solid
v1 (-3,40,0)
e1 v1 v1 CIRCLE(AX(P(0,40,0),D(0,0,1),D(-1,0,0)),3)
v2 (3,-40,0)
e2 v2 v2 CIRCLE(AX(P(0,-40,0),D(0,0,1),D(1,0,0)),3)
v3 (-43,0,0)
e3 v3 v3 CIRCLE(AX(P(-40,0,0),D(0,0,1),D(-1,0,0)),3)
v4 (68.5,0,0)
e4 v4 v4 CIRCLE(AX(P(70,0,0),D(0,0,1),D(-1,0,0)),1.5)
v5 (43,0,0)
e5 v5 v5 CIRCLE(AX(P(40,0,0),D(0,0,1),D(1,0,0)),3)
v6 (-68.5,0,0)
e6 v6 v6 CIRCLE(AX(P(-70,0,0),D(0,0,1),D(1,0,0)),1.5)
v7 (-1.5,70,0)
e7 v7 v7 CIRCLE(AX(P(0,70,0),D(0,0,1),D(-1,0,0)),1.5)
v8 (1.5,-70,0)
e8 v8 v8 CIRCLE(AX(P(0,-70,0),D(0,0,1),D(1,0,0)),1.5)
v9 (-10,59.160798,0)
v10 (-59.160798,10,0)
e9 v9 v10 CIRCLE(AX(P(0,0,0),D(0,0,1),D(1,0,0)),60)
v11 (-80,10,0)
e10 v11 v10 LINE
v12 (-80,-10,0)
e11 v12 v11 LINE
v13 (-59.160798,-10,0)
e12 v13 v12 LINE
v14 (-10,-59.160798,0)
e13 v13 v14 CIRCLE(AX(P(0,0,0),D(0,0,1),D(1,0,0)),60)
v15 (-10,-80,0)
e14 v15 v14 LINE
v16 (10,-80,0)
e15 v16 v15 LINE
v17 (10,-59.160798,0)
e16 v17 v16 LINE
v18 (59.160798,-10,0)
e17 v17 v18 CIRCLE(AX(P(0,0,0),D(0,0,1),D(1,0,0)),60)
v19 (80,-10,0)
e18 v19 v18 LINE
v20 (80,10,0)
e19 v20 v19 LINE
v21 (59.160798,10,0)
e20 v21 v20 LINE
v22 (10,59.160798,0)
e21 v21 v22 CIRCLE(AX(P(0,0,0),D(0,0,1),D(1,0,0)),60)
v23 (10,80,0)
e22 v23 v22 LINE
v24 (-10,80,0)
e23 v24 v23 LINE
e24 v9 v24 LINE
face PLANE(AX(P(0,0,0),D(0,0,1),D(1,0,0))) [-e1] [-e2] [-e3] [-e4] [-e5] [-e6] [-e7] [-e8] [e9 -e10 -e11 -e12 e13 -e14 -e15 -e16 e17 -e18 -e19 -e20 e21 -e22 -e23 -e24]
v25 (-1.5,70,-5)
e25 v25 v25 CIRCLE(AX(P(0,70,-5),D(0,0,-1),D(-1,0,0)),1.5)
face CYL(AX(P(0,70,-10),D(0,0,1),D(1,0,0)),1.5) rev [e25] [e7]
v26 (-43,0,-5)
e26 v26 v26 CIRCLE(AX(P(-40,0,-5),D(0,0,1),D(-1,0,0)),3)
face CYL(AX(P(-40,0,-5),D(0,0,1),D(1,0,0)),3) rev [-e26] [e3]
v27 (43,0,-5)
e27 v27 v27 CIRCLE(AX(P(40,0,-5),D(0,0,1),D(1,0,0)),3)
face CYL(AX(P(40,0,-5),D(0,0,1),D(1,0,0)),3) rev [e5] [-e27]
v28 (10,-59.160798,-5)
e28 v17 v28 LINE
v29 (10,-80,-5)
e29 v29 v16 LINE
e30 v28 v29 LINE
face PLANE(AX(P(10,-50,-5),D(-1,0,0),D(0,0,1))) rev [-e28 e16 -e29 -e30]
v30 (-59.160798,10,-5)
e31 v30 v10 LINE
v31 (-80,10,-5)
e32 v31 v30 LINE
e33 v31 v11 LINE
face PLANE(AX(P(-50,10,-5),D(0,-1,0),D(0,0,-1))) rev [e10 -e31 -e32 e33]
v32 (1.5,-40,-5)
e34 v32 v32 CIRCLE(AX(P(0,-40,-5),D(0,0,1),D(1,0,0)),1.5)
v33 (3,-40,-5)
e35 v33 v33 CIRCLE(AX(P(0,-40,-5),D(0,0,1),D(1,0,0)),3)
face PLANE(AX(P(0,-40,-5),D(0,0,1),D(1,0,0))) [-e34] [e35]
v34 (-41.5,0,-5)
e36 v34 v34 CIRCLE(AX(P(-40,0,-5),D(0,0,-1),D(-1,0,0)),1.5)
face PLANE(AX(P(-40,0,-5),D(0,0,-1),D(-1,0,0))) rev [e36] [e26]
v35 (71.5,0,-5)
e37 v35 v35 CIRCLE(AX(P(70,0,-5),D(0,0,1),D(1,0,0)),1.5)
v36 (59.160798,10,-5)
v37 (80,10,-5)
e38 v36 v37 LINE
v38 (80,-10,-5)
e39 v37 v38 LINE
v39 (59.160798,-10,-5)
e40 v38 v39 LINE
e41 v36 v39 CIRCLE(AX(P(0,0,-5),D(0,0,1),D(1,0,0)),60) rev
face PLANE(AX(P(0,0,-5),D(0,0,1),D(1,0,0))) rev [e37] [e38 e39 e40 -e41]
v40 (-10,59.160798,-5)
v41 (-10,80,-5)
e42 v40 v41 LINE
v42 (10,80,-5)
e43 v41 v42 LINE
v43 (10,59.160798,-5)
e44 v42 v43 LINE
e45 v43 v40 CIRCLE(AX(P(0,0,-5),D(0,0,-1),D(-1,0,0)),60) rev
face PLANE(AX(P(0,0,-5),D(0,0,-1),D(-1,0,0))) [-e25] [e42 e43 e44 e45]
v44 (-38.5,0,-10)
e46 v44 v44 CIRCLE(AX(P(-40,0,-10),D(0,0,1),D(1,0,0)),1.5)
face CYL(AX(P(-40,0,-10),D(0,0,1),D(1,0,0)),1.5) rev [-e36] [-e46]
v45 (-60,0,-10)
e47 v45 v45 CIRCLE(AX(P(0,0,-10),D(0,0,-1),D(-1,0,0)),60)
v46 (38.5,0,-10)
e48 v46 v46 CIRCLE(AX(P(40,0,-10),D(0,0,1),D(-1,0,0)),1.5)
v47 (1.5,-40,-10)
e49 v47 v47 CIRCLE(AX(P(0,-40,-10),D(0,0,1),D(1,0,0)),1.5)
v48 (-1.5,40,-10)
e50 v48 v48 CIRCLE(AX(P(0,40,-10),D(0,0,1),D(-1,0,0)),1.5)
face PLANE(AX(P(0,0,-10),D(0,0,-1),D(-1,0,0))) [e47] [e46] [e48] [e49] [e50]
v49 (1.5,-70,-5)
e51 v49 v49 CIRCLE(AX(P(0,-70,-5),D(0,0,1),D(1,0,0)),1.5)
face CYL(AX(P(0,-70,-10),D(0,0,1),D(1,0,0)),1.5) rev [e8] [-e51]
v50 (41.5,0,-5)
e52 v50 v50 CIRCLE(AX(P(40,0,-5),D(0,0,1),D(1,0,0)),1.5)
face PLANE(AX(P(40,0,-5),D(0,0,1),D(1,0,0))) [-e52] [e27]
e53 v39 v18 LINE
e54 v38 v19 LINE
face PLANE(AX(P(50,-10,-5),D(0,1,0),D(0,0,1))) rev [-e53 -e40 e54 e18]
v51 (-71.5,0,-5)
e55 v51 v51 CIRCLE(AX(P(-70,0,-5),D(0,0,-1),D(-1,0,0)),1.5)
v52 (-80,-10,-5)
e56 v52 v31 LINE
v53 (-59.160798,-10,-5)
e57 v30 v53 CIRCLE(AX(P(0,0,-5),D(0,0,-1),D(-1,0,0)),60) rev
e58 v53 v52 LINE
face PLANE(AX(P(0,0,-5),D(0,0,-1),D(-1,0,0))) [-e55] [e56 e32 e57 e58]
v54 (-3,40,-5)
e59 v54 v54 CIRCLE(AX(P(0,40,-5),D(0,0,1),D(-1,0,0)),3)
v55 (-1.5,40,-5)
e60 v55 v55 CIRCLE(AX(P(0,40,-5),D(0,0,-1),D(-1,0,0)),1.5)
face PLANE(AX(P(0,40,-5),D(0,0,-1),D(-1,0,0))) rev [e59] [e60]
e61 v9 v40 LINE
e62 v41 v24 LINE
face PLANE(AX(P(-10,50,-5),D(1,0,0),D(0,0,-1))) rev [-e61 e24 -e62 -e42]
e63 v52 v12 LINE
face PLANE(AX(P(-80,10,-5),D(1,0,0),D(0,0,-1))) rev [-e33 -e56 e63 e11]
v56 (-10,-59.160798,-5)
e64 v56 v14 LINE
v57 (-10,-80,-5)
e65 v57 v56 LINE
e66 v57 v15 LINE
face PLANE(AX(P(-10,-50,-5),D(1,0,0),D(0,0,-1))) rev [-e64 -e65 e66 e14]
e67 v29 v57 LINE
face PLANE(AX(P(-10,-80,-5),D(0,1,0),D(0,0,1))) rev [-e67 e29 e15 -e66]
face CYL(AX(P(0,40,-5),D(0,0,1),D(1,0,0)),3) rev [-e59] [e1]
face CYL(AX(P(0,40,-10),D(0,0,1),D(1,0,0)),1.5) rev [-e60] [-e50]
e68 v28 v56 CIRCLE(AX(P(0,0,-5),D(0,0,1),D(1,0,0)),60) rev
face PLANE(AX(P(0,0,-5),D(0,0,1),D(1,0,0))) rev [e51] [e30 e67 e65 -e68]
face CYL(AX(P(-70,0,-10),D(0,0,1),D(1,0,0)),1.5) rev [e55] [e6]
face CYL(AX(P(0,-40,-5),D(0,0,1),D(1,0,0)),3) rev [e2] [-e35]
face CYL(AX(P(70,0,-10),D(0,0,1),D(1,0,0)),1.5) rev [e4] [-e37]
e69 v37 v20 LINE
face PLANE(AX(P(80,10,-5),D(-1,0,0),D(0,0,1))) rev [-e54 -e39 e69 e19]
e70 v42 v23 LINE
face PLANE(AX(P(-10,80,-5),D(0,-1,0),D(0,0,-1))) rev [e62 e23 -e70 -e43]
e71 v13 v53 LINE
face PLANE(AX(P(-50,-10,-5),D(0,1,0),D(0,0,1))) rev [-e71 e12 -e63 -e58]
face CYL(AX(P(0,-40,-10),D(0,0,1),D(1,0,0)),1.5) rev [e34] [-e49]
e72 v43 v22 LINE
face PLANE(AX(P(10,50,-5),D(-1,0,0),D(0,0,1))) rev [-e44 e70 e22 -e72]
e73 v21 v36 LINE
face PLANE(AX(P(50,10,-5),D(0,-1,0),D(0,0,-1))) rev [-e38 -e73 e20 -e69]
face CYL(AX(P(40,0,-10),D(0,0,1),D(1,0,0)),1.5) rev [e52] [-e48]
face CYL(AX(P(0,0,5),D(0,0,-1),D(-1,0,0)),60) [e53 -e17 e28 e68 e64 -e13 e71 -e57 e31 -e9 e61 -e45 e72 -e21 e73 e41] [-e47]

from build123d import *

# Parameters (mm, degrees)
SKETCH1_R           = 60
BOSS_EXTRUDE1_DEPTH = 5
SKETCH3_W           = 20
SKETCH3_H           = 30
SKETCH3_W_2         = 30
SKETCH3_H_2         = 20
BOSS_EXTRUDE2_DEPTH = 5
SKETCH6_R           = 60
BOSS_EXTRUDE3_DEPTH = 10
SKETCH7_R           = 70
CUT_EXTRUDE2_DEPTH  = 5
SKETCH8_R           = 3
CUT_EXTRUDE7_DEPTH  = 5
SKETCH13_R          = 1.5
CUT_EXTRUDE10_DEPTH = 10


with BuildPart() as part:
    # Sketch1 → Boss-Extrude1 (new body)
    with BuildSketch(Plane.XY):
        Circle(SKETCH1_R)
    extrude(amount=BOSS_EXTRUDE1_DEPTH)

    # Sketch3 → Boss-Extrude2 (add)
    with BuildSketch(Plane(origin=(0, 0, 0), x_dir=(-1, 0, 0), z_dir=(0, 0, -1))):
        with Locations((0, -65)):
            Rectangle(SKETCH3_W, SKETCH3_H)
        with Locations((0, 65)):
            Rectangle(SKETCH3_W, SKETCH3_H)
        with Locations((65, 0)):
            Rectangle(SKETCH3_W_2, SKETCH3_H_2)
        with Locations((-65, 0)):
            Rectangle(SKETCH3_W_2, SKETCH3_H_2)
    extrude(amount=BOSS_EXTRUDE2_DEPTH)

    # Sketch6 → Boss-Extrude3 (add)
    with BuildSketch(Plane(origin=(0, 0, 0), x_dir=(-1, 0, 0), z_dir=(0, 0, -1))):
        Circle(SKETCH6_R)
    extrude(amount=BOSS_EXTRUDE3_DEPTH)

    # Sketch7 → Cut-Extrude2 (cut)
    with BuildSketch(Plane.XY.offset(5)):
        Circle(SKETCH7_R)
    extrude(amount=-CUT_EXTRUDE2_DEPTH, mode=Mode.SUBTRACT)

    # Sketch8 → Cut-Extrude7 (cut)
    with BuildSketch(Plane.XY):
        with Locations((0, -40)):
            Circle(SKETCH8_R)
        with Locations((0, 40)):
            Circle(SKETCH8_R)
        with Locations((-40, 0)):
            Circle(SKETCH8_R)
        with Locations((40, 0)):
            Circle(SKETCH8_R)
    extrude(amount=-CUT_EXTRUDE7_DEPTH, mode=Mode.SUBTRACT)

    # Sketch13 → Cut-Extrude10 (cut)
    with BuildSketch(Plane.XY):
        with Locations((-40, 0)):
            Circle(SKETCH13_R)
        with Locations((40, 0)):
            Circle(SKETCH13_R)
        with Locations((-70, 0)):
            Circle(SKETCH13_R)
        with Locations((70, 0)):
            Circle(SKETCH13_R)
        with Locations((0, -40)):
            Circle(SKETCH13_R)
        with Locations((0, -70)):
            Circle(SKETCH13_R)
        with Locations((0, 40)):
            Circle(SKETCH13_R)
        with Locations((0, 70)):
            Circle(SKETCH13_R)
    extrude(amount=-CUT_EXTRUDE10_DEPTH, mode=Mode.SUBTRACT)


solid = part.part
